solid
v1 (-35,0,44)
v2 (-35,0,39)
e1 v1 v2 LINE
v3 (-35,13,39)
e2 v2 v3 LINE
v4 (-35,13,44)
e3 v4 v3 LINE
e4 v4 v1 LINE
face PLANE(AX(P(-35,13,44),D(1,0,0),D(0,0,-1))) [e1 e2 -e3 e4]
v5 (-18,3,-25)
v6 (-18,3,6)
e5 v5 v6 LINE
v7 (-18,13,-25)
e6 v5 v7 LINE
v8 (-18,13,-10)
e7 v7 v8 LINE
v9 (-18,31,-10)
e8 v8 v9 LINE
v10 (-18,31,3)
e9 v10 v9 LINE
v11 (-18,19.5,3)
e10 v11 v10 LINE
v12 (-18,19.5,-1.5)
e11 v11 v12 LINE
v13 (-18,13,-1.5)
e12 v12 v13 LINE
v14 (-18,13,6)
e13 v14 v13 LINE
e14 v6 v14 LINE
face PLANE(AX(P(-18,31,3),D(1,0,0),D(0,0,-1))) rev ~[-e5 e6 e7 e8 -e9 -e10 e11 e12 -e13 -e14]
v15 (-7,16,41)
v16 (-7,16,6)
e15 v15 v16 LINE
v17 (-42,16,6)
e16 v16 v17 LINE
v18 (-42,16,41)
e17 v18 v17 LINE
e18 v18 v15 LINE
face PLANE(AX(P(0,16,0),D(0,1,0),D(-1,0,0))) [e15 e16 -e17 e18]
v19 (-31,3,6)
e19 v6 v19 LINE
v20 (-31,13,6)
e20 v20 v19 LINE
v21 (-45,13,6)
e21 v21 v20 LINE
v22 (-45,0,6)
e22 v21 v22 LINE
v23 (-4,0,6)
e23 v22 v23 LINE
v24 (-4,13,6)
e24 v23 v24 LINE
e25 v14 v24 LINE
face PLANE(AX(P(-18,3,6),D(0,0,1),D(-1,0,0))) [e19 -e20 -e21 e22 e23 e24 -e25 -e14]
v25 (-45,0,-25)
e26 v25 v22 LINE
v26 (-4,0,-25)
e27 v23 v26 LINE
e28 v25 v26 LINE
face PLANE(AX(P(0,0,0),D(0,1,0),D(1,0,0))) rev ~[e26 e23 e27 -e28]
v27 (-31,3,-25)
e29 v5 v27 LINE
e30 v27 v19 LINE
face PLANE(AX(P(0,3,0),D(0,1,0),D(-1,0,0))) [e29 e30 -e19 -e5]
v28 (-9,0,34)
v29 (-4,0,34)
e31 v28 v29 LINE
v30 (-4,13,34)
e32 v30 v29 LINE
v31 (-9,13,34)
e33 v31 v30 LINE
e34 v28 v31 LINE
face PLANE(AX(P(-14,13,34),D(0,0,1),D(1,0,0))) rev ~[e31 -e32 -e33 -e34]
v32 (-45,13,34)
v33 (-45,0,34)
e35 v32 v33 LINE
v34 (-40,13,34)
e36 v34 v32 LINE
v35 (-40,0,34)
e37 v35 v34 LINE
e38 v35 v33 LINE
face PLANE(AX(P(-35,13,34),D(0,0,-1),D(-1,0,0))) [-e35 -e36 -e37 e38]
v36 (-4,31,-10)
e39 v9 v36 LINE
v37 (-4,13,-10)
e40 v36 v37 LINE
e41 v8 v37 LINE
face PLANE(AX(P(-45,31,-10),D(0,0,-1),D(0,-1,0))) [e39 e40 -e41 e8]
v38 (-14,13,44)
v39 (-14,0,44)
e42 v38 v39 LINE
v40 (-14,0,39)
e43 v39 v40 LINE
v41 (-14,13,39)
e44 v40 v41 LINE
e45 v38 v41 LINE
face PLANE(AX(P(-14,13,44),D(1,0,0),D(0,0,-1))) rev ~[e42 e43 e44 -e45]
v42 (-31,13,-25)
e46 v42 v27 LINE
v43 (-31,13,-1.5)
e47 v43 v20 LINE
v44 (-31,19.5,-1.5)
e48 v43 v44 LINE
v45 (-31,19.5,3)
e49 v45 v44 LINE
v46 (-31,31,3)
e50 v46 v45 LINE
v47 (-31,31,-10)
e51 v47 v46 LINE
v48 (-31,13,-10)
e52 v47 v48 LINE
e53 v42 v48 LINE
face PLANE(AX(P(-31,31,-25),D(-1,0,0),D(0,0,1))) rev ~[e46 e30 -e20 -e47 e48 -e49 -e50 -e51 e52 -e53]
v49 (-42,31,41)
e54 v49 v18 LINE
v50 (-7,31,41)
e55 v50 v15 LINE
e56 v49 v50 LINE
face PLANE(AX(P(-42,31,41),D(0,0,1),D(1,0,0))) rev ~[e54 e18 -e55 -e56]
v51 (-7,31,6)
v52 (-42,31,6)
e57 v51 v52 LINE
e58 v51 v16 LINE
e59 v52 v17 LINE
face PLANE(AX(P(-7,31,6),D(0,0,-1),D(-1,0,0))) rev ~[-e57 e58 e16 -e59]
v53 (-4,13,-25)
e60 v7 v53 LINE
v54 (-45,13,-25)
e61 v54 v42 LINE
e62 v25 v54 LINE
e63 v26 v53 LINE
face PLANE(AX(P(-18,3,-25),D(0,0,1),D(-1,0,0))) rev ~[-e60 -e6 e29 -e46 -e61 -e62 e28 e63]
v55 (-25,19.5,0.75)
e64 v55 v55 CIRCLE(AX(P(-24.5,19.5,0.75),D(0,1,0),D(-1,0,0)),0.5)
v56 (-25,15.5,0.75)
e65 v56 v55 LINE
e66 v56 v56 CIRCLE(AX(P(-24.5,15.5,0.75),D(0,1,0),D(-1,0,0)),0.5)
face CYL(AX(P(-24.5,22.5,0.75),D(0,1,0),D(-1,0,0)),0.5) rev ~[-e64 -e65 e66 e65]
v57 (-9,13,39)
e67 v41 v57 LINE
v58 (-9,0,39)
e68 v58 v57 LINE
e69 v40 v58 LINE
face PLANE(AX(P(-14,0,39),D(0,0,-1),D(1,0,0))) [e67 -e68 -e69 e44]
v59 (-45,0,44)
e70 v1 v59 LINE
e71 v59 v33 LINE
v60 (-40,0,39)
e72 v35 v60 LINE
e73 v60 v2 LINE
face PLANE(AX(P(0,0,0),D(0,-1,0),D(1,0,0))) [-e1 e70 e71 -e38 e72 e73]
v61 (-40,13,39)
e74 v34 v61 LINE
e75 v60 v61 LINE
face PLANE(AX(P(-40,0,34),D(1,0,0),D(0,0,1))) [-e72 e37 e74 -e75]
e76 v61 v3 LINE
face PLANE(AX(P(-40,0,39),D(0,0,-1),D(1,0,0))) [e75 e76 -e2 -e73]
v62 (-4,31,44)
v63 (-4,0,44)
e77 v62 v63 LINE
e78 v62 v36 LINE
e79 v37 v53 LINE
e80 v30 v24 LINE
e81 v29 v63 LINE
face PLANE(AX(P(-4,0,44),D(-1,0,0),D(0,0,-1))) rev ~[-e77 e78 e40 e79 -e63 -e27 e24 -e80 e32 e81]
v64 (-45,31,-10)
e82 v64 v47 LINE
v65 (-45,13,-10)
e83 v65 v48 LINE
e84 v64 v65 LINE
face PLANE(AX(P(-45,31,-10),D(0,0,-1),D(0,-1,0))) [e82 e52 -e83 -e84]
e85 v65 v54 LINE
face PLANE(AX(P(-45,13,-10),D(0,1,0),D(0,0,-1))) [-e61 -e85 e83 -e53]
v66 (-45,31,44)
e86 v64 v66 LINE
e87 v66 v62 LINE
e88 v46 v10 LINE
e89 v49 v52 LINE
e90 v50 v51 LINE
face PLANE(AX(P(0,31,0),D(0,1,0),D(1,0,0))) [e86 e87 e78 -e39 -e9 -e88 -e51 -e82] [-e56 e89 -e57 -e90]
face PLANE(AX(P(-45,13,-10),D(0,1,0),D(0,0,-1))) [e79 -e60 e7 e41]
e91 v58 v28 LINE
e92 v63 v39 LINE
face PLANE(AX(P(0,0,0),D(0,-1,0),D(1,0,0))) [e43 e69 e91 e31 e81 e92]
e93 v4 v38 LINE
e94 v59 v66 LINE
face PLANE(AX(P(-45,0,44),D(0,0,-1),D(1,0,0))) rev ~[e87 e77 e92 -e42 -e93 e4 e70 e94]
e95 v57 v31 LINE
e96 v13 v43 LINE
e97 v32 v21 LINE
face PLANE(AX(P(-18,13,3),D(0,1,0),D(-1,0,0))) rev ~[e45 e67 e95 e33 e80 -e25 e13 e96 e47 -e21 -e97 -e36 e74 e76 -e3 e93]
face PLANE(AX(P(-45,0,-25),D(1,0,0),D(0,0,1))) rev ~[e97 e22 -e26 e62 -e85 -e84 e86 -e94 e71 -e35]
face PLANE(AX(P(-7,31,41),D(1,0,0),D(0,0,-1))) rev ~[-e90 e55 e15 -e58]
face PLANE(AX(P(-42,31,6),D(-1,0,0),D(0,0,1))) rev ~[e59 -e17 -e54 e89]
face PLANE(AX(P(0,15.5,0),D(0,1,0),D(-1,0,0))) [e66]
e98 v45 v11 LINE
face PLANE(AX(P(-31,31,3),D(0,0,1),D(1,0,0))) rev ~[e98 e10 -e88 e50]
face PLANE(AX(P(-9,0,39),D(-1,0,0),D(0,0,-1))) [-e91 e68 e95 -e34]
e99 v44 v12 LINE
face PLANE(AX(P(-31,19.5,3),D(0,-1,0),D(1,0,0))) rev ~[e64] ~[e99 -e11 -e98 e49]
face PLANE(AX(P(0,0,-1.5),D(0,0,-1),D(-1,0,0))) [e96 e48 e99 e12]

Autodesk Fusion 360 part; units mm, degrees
sketch "Boceto1" plane through (0, 0, 0) normal (0, 1, 0) x (1, 0, 0)
  line L0 (-45, 25) -> (-4, 25)
  line L1 (-45, 25) -> (-45, -44)
  line L2 (-45, -44) -> (-4, -44)
  line L3 (-4, -44) -> (-4, 25)
  dimension "d1" = 41
  dimension "d2" = 69
extrude "Extruir1" add sketch "Boceto1" along normal blind 31
sketch "Boceto2" plane through (0, 31, 0) normal (0, 1, 0) x (-1, 0, 0)
  line L0 (45, -25) -> (45, 44)
  line L1 (45, 44) -> (4, 44)
  line L2 (4, 44) -> (4, -25)
  line L3 (4, -25) -> (45, -25)
  line L4 (42, 41) -> (42, 31.833)
  line L5 (42, 41) -> (7, 41)
  line L6 (7, 41) -> (7, 6)
  line L7 (7, 6) -> (42, 6)
  line L8 (42, 6) -> (42, 31.833)
  dimension "d7" = 35
  dimension "d8" = 35
extrude "Extruir2" cut sketch "Boceto2" against normal blind 15 contours L4 L5 L6 L7 L8
sketch "Boceto3" plane through (0, 0, 44) normal (0, 0, 1) x (1, 0, 0)
  line L0 (-45, 0) -> (-4, 0)
  line L1 (-4, 0) -> (-4, 31)
  line L2 (-4, 31) -> (-45, 31)
  line L3 (-45, 31) -> (-45, 0)
  line L4 (-45, 0) -> (-45, 13)
  line L5 (-45, 13) -> (-4, 13)
  line L6 (-4, 13) -> (-4, 0)
  dimension "d11" = 13
extrude "Extruir3" cut sketch "Boceto3" against normal blind 38 contours L0 L1 L3 L4 L5 L6
sketch "Boceto4" plane through (0, 31, 0) normal (0, 1, 0) x (-1, 0, 0)
  line L0 (7, 6) -> (7, 41)
  line L1 (7, 41) -> (42, 41)
  line L2 (42, 41) -> (42, 6)
  line L3 (42, 6) -> (7, 6)
  line L4 (45, -25) -> (45, 44)
  line L5 (45, 44) -> (4, 44)
  line L6 (4, 44) -> (4, -25)
  line L7 (4, -25) -> (45, -25)
  line L8 (31, -25) -> (18, -25)
  line L9 (31, -25) -> (31, 3)
  line L10 (31, 3) -> (18, 3)
  line L11 (18, 3) -> (18, -25)
  dimension "d14" = 14
  dimension "d15" = 13
  dimension "d16" = 28
extrude "Extruir4" cut sketch "Boceto4" against normal blind 28 contours L7 L8 L9 L10 L11
sketch "Boceto5" plane through (-45, 0, 0) normal (-1, 0, 0) x (0, 0, 1)
  line L0 (6, 0) -> (6, 13)
  line L1 (6, 13) -> (44, 13)
  line L2 (44, 13) -> (44, 31)
  line L3 (44, 31) -> (-25, 31)
  line L4 (-25, 31) -> (-25, 0)
  line L5 (-25, 0) -> (6, 0)
  line L6 (-25, 31) -> (-10, 31)
  line L7 (-10, 31) -> (-10, 13)
  line L8 (-10, 13) -> (-25, 13)
  line L9 (-25, 13) -> (-25, 31)
  dimension "d19" = 15
  dimension "d20" = 18
extrude "Extruir5" cut sketch "Boceto5" against normal blind 50 contours L3 L4 L6 L7 L8 L9
sketch "Boceto6" plane through (0, 0, 6) normal (0, 0, 1) x (1, 0, 0)
  line L0 (-45, 0) -> (-4, 0)
  line L1 (-4, 0) -> (-4, 13)
  line L2 (-4, 13) -> (-45, 13)
  line L3 (-45, 13) -> (-45, 0)
  line L4 (-31, 13) -> (-18, 13)
  line L5 (-18, 13) -> (-18, 3)
  line L6 (-18, 3) -> (-31, 3)
  line L7 (-31, 3) -> (-31, 13)
  dimension "d23" = 14
  dimension "d24" = 13
  dimension "d25" = 10
extrude "Extruir6" cut sketch "Boceto6" against normal blind 30 contours L2 L4 L5 L6 L7
sketch "Boceto7" plane through (0, 0, 3) normal (0, 0, -1) x (-1, 0, 0)
  line L0 (18, 13) -> (31, 13)
  line L1 (31, 13) -> (31, 31)
  line L2 (31, 31) -> (18, 31)
  line L3 (18, 31) -> (18, 13)
  line L4 (18, 13) -> (31, 13)
  line L5 (31, 13) -> (31, 22.5)
  line L6 (31, 22.5) -> (18, 22.5)
  line L7 (18, 22.5) -> (18, 13)
  dimension "d28" = 9.5
extrude "Extruir7" add sketch "Boceto7" along normal blind 4.5 contours L0 L1 L3 L4 L5 L6 L7
sketch "Boceto8" plane through (0, 13, 0) normal (0, -1, 0) x (1, 0, 0)
  line L0 (-4, 44) -> (-45, 44)
  line L1 (-45, 44) -> (-45, 6)
  line L2 (-45, 6) -> (-31, 6)
  line L3 (-31, 6) -> (-31, -1.5)
  line L4 (-31, -1.5) -> (-18, -1.5)
  line L5 (-18, -1.5) -> (-18, 6)
  line L6 (-18, 6) -> (-4, 6)
  line L7 (-4, 6) -> (-4, 44)
  line L8 (-45, 44) -> (-35, 44)
  line L9 (-35, 44) -> (-35, 34)
  line L10 (-35, 34) -> (-45, 34)
  line L11 (-45, 34) -> (-45, 44)
  line L12 (-4, 44) -> (-14, 44)
  line L13 (-14, 44) -> (-14, 34)
  line L14 (-14, 34) -> (-4, 34)
  line L15 (-4, 34) -> (-4, 44)
extrude "Extruir8" add sketch "Boceto8" along normal blind 13 contours L0 L7 L12 L13 L14 L15 | L0 L1 L8 L9 L10 L11
sketch "Boceto9" plane through (0, 0, 0) normal (0, -1, 0) x (1, 0, 0)
  line L0 (-45, 34) -> (-35, 34)
  line L1 (-35, 34) -> (-35, 44)
  line L2 (-35, 44) -> (-45, 44)
  line L3 (-45, 44) -> (-45, 34)
  line L4 (-40, 34) -> (-40, 39)
  line L5 (-40, 39) -> (-35, 39)
  line L6 (-35, 34) -> (-40, 34)
  line L7 (-14, 34) -> (-9, 34)
  line L8 (-14, 34) -> (-14, 39)
  line L9 (-14, 39) -> (-9, 39)
  line L10 (-9, 39) -> (-9, 34)
extrude "Extruir9" cut sketch "Boceto9" against normal blind 13 contours L0 L1 L4 L5 L6 | L7 L8 L9 L10
sketch "Boceto10" plane through (0, 22.5, 0) normal (0, 1, 0) x (-1, 0, 0)
  line L0 (31, 3) -> (18, 3)
  line L1 (18, 3) -> (18, -1.5)
  line L2 (18, -1.5) -> (31, -1.5)
  line L3 (31, -1.5) -> (31, 3)
  circle A0 centre (24.5, 0.75) radius 0.5
  dimension "d35" = 1
extrude "Extruir10" cut sketch "Boceto10" against normal blind 4 contours A0
extrude "Extruir11" add 1 faces at (-22.3333, 3, -14.6667) along direction (0, 1, 0) blind 3
extrude "Extruir12" cut 1 faces at (-22.3333, 6, -14.6667) along direction (0, -1, 0) blind 3
extrude "Extruir13" cut 1 faces at (-29, 22.5, 0.75) along direction (0, -1, 0) blind 3
extrude "Extruir14" cut 1 faces at (-24.1479, 18.5, 0.7889) along direction (0, -1, 0) blind 3
